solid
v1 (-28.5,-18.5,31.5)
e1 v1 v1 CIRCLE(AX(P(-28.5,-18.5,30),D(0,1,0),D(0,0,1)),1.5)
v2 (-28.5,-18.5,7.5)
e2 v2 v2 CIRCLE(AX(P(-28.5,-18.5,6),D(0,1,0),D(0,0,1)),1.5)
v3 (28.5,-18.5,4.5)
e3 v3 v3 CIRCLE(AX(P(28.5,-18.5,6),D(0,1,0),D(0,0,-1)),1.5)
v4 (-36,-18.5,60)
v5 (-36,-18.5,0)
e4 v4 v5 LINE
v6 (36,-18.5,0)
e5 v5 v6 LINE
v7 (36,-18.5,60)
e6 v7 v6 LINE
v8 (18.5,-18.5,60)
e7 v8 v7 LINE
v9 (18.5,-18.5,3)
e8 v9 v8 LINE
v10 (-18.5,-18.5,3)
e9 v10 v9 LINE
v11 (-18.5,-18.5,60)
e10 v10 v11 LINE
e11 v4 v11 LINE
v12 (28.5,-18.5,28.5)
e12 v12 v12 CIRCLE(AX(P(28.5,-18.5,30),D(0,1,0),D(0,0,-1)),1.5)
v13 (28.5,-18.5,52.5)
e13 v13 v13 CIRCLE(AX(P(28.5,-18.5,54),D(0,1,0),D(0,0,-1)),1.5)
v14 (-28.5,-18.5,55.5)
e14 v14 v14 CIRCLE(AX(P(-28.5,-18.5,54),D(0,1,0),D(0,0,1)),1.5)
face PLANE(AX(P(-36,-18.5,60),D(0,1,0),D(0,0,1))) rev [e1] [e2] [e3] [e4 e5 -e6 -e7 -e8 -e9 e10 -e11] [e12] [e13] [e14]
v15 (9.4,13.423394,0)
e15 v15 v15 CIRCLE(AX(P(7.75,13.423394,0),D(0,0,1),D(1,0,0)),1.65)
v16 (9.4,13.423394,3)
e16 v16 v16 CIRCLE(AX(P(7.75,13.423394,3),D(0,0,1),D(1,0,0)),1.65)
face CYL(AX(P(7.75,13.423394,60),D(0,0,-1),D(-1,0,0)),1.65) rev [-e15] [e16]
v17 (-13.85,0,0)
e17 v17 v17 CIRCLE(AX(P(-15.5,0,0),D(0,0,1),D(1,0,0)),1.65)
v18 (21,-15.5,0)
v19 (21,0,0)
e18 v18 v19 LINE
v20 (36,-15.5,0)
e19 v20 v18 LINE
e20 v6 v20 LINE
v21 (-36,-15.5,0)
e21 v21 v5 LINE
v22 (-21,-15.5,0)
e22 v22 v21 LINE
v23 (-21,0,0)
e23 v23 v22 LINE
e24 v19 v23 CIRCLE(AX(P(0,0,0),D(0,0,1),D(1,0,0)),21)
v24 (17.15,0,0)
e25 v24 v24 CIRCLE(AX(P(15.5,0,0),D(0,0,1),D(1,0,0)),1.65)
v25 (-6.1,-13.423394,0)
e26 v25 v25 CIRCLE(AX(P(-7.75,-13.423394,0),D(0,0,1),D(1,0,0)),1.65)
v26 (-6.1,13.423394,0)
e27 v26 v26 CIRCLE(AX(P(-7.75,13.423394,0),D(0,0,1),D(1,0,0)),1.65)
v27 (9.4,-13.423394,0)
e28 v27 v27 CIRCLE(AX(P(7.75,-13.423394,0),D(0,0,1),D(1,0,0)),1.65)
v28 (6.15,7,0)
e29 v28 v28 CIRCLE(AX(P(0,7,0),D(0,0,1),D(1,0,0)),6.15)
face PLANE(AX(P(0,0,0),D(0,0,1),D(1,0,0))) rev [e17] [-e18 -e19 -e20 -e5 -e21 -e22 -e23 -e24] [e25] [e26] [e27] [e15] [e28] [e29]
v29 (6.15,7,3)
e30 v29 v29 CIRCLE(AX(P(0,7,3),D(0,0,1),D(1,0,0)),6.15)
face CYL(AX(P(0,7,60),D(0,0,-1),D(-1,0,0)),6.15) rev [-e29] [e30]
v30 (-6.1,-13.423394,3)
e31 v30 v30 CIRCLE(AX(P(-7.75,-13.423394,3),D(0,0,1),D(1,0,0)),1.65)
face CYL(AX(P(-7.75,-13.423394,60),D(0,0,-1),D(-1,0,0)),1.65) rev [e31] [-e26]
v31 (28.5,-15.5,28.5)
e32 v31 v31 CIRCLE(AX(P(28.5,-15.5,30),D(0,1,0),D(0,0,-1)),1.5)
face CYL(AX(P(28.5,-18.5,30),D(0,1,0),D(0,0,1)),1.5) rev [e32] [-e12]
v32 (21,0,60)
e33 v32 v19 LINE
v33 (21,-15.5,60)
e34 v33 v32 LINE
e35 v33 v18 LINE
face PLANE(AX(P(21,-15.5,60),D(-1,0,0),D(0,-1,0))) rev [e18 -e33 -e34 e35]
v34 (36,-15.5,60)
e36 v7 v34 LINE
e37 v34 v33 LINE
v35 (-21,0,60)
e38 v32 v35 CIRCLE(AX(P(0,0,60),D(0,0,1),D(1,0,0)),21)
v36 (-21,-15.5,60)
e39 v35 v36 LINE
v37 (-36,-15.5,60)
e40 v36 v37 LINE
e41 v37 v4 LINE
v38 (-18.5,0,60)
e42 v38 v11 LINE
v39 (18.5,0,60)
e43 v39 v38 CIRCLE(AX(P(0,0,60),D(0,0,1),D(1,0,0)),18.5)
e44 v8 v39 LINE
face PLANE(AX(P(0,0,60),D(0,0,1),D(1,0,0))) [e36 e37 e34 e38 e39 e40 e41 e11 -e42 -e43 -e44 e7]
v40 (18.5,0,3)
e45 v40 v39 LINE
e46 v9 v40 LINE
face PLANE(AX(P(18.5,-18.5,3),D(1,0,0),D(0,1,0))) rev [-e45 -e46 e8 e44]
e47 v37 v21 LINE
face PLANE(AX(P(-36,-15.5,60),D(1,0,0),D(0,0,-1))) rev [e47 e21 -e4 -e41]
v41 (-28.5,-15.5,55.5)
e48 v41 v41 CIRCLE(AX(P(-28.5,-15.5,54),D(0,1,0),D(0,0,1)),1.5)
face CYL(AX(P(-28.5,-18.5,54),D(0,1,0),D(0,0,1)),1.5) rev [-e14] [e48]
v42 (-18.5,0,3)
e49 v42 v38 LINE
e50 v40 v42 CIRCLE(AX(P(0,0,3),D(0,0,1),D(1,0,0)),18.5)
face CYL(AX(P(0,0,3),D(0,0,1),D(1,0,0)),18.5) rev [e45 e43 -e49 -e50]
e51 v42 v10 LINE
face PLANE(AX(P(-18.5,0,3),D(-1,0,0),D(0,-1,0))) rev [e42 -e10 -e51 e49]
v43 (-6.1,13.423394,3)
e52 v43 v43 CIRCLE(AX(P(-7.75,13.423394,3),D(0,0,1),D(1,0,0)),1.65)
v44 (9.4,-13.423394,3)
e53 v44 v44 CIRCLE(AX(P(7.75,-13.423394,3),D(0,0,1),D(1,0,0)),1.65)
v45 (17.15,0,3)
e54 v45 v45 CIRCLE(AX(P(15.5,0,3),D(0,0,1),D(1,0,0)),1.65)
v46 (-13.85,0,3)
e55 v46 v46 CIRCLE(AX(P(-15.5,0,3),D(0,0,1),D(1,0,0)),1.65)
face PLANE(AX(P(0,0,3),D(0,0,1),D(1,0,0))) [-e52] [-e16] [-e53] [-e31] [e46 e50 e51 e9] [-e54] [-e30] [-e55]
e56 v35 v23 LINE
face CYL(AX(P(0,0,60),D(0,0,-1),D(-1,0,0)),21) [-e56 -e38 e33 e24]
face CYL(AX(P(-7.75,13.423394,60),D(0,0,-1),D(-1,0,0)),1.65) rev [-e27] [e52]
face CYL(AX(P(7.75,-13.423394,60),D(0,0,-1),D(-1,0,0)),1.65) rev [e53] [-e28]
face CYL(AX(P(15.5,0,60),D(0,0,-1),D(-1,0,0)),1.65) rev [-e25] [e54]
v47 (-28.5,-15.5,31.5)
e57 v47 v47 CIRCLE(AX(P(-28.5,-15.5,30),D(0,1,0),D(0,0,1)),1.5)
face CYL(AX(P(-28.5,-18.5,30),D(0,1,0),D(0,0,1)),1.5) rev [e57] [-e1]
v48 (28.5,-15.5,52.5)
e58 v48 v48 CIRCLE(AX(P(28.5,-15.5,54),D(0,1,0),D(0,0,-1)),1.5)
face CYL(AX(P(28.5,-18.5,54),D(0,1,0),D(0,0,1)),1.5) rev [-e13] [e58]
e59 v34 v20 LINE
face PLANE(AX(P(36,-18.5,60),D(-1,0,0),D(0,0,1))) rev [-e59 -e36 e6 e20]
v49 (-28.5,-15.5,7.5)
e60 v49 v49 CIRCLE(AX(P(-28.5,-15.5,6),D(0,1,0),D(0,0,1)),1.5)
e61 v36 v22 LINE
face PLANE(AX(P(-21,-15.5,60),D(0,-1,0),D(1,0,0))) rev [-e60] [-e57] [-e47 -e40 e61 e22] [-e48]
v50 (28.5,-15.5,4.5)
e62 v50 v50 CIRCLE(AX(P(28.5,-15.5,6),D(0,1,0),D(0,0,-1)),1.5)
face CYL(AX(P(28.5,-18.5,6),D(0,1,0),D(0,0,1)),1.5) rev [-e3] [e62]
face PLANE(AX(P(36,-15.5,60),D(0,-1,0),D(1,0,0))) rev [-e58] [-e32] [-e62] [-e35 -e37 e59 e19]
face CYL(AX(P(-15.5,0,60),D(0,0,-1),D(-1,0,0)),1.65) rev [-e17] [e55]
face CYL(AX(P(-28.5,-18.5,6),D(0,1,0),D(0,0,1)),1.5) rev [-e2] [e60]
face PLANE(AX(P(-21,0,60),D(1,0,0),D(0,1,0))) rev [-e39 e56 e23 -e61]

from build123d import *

# Parameters (mm, degrees)
SKETCH1_R           = 1.65
SKETCH1_R_2         = 6.15
BOSS_EXTRUDE1_DEPTH = 60
CUT_EXTRUDE1_DEPTH  = 57
SKETCH3_R           = 1.5
CUT_EXTRUDE2_DEPTH  = 79.919262541


with BuildPart() as part:
    # Sketch1 → Boss-Extrude1 (new body)
    with BuildSketch(Plane.XY):
        with BuildLine():
            Line((-21, 0), (-21, -15.5))
            Line((-21, -15.5), (-36, -15.5))
            Line((-36, -15.5), (-36, -18.5))
            Line((-36, -18.5), (36, -18.5))
            Line((36, -18.5), (36, -15.5))
            Line((36, -15.5), (21, -15.5))
            Line((21, -15.5), (21, 0))
            ThreePointArc((21, 0), (0, 21), (-21, 0))
        make_face()
        with Locations((-15.5, 0)):
            Circle(SKETCH1_R, mode=Mode.SUBTRACT)
        with Locations((-7.75, 13.423393759)):
            Circle(SKETCH1_R, mode=Mode.SUBTRACT)
        with Locations((7.75, 13.423393759)):
            Circle(SKETCH1_R, mode=Mode.SUBTRACT)
        with Locations((15.5, 0)):
            Circle(SKETCH1_R, mode=Mode.SUBTRACT)
        with Locations((7.75, -13.423393759)):
            Circle(SKETCH1_R, mode=Mode.SUBTRACT)
        with Locations((-7.75, -13.423393759)):
            Circle(SKETCH1_R, mode=Mode.SUBTRACT)
        with Locations((0, 7)):
            Circle(SKETCH1_R_2, mode=Mode.SUBTRACT)
    extrude(amount=BOSS_EXTRUDE1_DEPTH)

    # Sketch2 → Cut-Extrude1 (cut)
    with BuildSketch(Plane.XY.offset(60)):
        with BuildLine():
            Line((-18.5, 0), (-18.5, -18.5))
            Line((-18.5, -18.5), (18.5, -18.5))
            Line((18.5, -18.5), (18.5, 0))
            ThreePointArc((18.5, 0), (0, 18.5), (-18.5, 0))
        make_face()
    extrude(amount=-CUT_EXTRUDE1_DEPTH, mode=Mode.SUBTRACT)

    # Sketch3 → Cut-Extrude2 (cut, through all)
    with BuildSketch(Plane(origin=(0, -15.5, 0), x_dir=(1, 0, 0), z_dir=(0, 1, 0))):
        with Locations(Location((-28.5, -30, 0), (0, 0, 270))):
            Circle(SKETCH3_R)
        with Locations(Location((-28.5, -6, 0), (0, 0, 270))):
            Circle(SKETCH3_R)
        with Locations(Location((-28.5, -54, 0), (0, 0, 270))):
            Circle(SKETCH3_R)
        with Locations(Location((28.5, -54, 0), (0, 0, 90))):
            Circle(SKETCH3_R)
        with Locations(Location((28.5, -6, 0), (0, 0, 90))):
            Circle(SKETCH3_R)
        with Locations(Location((28.5, -30, 0), (0, 0, 90))):
            Circle(SKETCH3_R)
    extrude(amount=-CUT_EXTRUDE2_DEPTH, mode=Mode.SUBTRACT)


solid = part.part
